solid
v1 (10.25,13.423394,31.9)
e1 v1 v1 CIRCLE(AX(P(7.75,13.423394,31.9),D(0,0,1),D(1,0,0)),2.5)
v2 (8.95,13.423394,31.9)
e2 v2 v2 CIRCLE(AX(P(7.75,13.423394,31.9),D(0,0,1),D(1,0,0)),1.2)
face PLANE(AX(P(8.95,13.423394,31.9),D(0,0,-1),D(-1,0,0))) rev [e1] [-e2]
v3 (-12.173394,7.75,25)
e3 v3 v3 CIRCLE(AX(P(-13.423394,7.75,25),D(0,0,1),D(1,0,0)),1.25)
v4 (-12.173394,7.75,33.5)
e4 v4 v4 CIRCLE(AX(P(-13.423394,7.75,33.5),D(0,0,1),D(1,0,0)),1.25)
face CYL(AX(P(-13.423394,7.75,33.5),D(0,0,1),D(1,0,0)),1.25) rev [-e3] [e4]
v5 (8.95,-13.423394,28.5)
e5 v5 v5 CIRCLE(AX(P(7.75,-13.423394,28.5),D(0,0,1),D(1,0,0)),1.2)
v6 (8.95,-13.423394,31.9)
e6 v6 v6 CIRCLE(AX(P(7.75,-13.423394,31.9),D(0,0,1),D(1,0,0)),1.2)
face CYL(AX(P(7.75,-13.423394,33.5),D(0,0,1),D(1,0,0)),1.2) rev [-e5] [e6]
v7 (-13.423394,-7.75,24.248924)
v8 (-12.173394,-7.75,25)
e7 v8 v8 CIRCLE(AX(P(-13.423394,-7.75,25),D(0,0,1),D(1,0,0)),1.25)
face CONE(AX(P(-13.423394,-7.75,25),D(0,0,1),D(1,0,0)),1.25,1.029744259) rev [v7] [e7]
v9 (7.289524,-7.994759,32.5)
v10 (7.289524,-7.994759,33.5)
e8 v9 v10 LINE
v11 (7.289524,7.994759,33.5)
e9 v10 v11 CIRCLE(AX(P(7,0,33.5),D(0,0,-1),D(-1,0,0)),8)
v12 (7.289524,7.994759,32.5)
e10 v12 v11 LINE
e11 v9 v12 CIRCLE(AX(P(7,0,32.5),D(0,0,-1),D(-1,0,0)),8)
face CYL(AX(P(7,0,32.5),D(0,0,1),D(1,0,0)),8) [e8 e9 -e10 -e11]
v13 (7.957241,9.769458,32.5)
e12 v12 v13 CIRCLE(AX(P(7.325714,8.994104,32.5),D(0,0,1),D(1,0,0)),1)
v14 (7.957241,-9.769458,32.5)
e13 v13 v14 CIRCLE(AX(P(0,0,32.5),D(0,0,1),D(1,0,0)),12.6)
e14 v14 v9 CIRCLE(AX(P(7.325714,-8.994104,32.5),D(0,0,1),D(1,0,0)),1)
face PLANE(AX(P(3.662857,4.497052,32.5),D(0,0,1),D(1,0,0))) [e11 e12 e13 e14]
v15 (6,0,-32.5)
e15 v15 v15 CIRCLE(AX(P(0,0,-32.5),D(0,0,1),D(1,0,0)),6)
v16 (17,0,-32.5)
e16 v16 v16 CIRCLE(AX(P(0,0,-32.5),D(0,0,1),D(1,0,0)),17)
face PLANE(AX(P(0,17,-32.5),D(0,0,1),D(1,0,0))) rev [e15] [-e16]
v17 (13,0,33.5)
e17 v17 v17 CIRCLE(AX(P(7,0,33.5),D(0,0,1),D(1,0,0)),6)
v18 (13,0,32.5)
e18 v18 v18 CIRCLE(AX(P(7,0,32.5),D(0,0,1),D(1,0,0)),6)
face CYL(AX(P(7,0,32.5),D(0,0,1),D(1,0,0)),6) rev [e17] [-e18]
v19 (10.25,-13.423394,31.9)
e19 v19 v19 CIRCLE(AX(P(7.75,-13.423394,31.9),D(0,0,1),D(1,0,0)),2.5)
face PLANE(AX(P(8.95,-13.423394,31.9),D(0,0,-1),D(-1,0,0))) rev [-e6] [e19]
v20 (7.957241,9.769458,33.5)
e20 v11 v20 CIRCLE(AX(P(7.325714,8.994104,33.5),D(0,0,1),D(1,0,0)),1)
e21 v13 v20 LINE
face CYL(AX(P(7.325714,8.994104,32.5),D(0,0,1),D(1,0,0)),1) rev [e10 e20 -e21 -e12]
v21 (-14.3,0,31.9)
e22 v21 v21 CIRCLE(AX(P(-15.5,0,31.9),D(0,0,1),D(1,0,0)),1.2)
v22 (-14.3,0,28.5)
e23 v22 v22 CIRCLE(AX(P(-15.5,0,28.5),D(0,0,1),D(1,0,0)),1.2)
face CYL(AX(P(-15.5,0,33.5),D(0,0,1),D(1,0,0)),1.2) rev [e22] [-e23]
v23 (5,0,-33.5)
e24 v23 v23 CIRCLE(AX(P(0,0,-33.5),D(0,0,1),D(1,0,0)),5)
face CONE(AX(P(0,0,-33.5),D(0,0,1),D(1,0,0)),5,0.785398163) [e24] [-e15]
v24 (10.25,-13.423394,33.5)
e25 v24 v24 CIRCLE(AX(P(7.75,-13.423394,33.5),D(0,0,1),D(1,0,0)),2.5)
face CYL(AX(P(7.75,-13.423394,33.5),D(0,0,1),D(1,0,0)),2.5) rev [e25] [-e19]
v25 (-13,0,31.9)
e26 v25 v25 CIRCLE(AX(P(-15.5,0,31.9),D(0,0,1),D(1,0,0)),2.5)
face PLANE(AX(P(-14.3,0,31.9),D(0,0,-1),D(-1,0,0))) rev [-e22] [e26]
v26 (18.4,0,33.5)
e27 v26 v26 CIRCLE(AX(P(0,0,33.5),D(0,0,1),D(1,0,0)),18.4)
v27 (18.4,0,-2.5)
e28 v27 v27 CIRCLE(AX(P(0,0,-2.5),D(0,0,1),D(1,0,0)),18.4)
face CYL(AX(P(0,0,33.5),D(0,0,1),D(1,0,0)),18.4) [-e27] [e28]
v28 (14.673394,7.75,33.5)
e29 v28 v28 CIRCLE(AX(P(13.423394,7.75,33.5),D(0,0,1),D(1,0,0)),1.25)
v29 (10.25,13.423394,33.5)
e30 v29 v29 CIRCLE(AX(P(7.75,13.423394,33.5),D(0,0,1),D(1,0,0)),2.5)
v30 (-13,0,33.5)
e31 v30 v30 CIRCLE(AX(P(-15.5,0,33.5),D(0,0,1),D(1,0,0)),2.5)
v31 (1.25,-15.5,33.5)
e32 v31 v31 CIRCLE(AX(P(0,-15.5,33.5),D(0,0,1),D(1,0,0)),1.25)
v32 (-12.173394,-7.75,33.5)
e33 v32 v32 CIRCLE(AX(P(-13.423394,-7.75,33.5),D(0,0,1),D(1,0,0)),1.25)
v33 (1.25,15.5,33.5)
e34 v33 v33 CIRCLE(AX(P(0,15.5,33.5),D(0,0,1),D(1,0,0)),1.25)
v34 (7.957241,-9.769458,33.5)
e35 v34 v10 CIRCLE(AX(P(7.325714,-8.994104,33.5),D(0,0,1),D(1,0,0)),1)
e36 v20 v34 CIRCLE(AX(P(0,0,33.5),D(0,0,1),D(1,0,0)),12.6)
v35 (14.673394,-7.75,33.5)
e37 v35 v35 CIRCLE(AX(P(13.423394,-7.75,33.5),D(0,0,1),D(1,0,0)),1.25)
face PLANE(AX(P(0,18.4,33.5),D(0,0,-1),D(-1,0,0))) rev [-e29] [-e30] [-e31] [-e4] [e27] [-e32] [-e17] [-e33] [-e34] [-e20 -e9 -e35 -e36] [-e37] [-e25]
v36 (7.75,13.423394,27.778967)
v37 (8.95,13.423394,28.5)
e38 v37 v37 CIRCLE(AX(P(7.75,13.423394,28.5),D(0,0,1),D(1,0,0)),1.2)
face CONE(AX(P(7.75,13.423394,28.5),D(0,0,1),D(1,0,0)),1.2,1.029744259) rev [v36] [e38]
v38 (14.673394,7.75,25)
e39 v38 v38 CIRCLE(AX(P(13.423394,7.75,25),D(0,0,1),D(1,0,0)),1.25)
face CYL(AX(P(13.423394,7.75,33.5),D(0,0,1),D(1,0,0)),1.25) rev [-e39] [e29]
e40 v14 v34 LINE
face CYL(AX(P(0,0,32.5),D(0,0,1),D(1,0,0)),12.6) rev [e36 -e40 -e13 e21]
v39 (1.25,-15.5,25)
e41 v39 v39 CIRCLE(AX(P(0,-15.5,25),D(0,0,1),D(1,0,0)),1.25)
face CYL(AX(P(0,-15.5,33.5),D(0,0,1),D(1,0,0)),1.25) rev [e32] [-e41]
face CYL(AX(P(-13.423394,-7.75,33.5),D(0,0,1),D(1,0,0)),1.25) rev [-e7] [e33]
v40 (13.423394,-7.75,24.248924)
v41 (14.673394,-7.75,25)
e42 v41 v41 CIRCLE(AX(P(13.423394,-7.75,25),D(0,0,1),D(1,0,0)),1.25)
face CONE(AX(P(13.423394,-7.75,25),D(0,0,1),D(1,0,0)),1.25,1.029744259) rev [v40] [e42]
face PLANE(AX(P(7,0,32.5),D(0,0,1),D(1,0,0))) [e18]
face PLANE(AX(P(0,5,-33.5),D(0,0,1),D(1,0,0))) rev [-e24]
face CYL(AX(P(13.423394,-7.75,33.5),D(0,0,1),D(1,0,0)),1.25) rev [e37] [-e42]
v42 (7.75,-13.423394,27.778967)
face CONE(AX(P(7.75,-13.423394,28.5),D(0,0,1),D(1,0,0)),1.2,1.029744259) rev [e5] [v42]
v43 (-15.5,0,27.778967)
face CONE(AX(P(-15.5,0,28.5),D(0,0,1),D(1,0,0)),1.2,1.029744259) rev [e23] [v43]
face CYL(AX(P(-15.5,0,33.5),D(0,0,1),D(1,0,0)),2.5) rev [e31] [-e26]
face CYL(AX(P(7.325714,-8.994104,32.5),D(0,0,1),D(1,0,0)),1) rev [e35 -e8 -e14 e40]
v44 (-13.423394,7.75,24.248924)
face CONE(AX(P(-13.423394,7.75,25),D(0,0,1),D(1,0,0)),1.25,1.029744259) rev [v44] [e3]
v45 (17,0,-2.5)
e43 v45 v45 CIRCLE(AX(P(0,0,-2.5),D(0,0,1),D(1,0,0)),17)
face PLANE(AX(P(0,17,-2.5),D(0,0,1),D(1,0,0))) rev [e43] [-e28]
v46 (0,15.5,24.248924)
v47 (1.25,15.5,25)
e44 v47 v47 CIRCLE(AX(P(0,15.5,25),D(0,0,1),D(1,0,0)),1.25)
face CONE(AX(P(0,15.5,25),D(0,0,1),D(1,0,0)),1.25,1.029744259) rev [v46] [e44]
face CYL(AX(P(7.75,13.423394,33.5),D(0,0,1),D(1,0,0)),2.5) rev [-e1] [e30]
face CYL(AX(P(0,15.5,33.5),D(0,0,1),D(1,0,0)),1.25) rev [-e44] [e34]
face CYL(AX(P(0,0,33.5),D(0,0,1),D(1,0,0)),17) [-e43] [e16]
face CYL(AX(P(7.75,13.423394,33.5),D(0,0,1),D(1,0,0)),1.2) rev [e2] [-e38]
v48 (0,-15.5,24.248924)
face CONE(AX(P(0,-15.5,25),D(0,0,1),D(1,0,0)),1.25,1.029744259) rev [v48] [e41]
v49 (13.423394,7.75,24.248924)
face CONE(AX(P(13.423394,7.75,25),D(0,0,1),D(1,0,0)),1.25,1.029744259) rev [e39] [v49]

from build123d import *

# Parameters (mm, degrees)
TALADRO_ROSCADO_M3X0_52_D                            = 2.5
TALADRO_ROSCADO_M3X0_52_DEPTH                        = 8.5
TALADRO_ROSCADO_M3X0_52_TIP                          = 0.751075774
REFRENTADO_PARA_TORNILLO_CON_CABEZA_TRON_D           = 2.4
REFRENTADO_PARA_TORNILLO_CON_CABEZA_TRON_DEPTH       = 5
REFRENTADO_PARA_TORNILLO_CON_CABEZA_TRON_CBORE_D     = 5
REFRENTADO_PARA_TORNILLO_CON_CABEZA_TRON_CBORE_DEPTH = 1.6
REFRENTADO_PARA_TORNILLO_CON_CABEZA_TRON_TIP         = 0.721032743
CROQUIS8_R                                           = 6
CORTAR_EXTRUIR2_DEPTH                                = 1


with BuildPart() as part:
    # Croquis1 → Revolución1 (revolve)
    with BuildSketch(Plane(origin=(0, 0, 0), x_dir=(0, 0, -1), z_dir=(1, 0, 0)), mode=Mode.PRIVATE) as revoluci_n1_sk:
        Polygon((-33.5, 0), (33.5, 0), (33.5, 5), (32.5, 6), (32.5, 17), (2.5, 17), (2.5, 18.4), (-33.5, 18.4), align=None)
    revolve(revoluci_n1_sk.sketch.rotate(Axis((0, 0, 33.5), (0, 0, -1)), 90), axis=Axis((0, 0, 33.5), (0, 0, -1)))

    # Taladro roscado M3x0.52
    with Locations(Plane.XY.offset(33.5)):
        with Locations((0, 15.5), (0, -15.5), (13.423393759, -7.75), (13.423393759, 7.75), (-13.423393759, 7.75), (-13.423393759, -7.75)):
            Hole(TALADRO_ROSCADO_M3X0_52_D / 2, depth=TALADRO_ROSCADO_M3X0_52_DEPTH)
            with Locations((0, 0, -(TALADRO_ROSCADO_M3X0_52_DEPTH + TALADRO_ROSCADO_M3X0_52_TIP / 2))):  # 118° drill point
                Cone(0, TALADRO_ROSCADO_M3X0_52_D / 2, TALADRO_ROSCADO_M3X0_52_TIP, mode=Mode.SUBTRACT)

    # Refrentado para tornillo con cabeza troncocónica de M21
    with Locations(Plane.XY.offset(33.5)):
        with Locations((-15.5, 0), (7.75, 13.423393759), (7.75, -13.423393759)):
            CounterBoreHole(REFRENTADO_PARA_TORNILLO_CON_CABEZA_TRON_D / 2, REFRENTADO_PARA_TORNILLO_CON_CABEZA_TRON_CBORE_D / 2, REFRENTADO_PARA_TORNILLO_CON_CABEZA_TRON_CBORE_DEPTH, depth=REFRENTADO_PARA_TORNILLO_CON_CABEZA_TRON_DEPTH)
            with Locations((0, 0, -(REFRENTADO_PARA_TORNILLO_CON_CABEZA_TRON_DEPTH + REFRENTADO_PARA_TORNILLO_CON_CABEZA_TRON_TIP / 2))):  # 118° drill point
                Cone(0, REFRENTADO_PARA_TORNILLO_CON_CABEZA_TRON_D / 2, REFRENTADO_PARA_TORNILLO_CON_CABEZA_TRON_TIP, mode=Mode.SUBTRACT)

    # Croquis8 → Cortar-Extruir2 (cut)
    with BuildSketch(Plane.XY.offset(33.5)):
        with Locations((7, 0)):
            Circle(CROQUIS8_R)
        with BuildLine():
            ThreePointArc((7.957241379, 9.769458001), (-12.6, 0), (7.957241379, -9.769458001))
            ThreePointArc((7.957241379, -9.769458001), (8.261660496, -8.641961193), (7.28952381, -7.994759281))
            ThreePointArc((7.28952381, -7.994759281), (-1, 0), (7.28952381, 7.994759281))
            ThreePointArc((7.28952381, 7.994759281), (8.261660496, 8.641961193), (7.957241379, 9.769458001))
        make_face()
    extrude(amount=-CORTAR_EXTRUIR2_DEPTH, mode=Mode.SUBTRACT)


solid = part.part
